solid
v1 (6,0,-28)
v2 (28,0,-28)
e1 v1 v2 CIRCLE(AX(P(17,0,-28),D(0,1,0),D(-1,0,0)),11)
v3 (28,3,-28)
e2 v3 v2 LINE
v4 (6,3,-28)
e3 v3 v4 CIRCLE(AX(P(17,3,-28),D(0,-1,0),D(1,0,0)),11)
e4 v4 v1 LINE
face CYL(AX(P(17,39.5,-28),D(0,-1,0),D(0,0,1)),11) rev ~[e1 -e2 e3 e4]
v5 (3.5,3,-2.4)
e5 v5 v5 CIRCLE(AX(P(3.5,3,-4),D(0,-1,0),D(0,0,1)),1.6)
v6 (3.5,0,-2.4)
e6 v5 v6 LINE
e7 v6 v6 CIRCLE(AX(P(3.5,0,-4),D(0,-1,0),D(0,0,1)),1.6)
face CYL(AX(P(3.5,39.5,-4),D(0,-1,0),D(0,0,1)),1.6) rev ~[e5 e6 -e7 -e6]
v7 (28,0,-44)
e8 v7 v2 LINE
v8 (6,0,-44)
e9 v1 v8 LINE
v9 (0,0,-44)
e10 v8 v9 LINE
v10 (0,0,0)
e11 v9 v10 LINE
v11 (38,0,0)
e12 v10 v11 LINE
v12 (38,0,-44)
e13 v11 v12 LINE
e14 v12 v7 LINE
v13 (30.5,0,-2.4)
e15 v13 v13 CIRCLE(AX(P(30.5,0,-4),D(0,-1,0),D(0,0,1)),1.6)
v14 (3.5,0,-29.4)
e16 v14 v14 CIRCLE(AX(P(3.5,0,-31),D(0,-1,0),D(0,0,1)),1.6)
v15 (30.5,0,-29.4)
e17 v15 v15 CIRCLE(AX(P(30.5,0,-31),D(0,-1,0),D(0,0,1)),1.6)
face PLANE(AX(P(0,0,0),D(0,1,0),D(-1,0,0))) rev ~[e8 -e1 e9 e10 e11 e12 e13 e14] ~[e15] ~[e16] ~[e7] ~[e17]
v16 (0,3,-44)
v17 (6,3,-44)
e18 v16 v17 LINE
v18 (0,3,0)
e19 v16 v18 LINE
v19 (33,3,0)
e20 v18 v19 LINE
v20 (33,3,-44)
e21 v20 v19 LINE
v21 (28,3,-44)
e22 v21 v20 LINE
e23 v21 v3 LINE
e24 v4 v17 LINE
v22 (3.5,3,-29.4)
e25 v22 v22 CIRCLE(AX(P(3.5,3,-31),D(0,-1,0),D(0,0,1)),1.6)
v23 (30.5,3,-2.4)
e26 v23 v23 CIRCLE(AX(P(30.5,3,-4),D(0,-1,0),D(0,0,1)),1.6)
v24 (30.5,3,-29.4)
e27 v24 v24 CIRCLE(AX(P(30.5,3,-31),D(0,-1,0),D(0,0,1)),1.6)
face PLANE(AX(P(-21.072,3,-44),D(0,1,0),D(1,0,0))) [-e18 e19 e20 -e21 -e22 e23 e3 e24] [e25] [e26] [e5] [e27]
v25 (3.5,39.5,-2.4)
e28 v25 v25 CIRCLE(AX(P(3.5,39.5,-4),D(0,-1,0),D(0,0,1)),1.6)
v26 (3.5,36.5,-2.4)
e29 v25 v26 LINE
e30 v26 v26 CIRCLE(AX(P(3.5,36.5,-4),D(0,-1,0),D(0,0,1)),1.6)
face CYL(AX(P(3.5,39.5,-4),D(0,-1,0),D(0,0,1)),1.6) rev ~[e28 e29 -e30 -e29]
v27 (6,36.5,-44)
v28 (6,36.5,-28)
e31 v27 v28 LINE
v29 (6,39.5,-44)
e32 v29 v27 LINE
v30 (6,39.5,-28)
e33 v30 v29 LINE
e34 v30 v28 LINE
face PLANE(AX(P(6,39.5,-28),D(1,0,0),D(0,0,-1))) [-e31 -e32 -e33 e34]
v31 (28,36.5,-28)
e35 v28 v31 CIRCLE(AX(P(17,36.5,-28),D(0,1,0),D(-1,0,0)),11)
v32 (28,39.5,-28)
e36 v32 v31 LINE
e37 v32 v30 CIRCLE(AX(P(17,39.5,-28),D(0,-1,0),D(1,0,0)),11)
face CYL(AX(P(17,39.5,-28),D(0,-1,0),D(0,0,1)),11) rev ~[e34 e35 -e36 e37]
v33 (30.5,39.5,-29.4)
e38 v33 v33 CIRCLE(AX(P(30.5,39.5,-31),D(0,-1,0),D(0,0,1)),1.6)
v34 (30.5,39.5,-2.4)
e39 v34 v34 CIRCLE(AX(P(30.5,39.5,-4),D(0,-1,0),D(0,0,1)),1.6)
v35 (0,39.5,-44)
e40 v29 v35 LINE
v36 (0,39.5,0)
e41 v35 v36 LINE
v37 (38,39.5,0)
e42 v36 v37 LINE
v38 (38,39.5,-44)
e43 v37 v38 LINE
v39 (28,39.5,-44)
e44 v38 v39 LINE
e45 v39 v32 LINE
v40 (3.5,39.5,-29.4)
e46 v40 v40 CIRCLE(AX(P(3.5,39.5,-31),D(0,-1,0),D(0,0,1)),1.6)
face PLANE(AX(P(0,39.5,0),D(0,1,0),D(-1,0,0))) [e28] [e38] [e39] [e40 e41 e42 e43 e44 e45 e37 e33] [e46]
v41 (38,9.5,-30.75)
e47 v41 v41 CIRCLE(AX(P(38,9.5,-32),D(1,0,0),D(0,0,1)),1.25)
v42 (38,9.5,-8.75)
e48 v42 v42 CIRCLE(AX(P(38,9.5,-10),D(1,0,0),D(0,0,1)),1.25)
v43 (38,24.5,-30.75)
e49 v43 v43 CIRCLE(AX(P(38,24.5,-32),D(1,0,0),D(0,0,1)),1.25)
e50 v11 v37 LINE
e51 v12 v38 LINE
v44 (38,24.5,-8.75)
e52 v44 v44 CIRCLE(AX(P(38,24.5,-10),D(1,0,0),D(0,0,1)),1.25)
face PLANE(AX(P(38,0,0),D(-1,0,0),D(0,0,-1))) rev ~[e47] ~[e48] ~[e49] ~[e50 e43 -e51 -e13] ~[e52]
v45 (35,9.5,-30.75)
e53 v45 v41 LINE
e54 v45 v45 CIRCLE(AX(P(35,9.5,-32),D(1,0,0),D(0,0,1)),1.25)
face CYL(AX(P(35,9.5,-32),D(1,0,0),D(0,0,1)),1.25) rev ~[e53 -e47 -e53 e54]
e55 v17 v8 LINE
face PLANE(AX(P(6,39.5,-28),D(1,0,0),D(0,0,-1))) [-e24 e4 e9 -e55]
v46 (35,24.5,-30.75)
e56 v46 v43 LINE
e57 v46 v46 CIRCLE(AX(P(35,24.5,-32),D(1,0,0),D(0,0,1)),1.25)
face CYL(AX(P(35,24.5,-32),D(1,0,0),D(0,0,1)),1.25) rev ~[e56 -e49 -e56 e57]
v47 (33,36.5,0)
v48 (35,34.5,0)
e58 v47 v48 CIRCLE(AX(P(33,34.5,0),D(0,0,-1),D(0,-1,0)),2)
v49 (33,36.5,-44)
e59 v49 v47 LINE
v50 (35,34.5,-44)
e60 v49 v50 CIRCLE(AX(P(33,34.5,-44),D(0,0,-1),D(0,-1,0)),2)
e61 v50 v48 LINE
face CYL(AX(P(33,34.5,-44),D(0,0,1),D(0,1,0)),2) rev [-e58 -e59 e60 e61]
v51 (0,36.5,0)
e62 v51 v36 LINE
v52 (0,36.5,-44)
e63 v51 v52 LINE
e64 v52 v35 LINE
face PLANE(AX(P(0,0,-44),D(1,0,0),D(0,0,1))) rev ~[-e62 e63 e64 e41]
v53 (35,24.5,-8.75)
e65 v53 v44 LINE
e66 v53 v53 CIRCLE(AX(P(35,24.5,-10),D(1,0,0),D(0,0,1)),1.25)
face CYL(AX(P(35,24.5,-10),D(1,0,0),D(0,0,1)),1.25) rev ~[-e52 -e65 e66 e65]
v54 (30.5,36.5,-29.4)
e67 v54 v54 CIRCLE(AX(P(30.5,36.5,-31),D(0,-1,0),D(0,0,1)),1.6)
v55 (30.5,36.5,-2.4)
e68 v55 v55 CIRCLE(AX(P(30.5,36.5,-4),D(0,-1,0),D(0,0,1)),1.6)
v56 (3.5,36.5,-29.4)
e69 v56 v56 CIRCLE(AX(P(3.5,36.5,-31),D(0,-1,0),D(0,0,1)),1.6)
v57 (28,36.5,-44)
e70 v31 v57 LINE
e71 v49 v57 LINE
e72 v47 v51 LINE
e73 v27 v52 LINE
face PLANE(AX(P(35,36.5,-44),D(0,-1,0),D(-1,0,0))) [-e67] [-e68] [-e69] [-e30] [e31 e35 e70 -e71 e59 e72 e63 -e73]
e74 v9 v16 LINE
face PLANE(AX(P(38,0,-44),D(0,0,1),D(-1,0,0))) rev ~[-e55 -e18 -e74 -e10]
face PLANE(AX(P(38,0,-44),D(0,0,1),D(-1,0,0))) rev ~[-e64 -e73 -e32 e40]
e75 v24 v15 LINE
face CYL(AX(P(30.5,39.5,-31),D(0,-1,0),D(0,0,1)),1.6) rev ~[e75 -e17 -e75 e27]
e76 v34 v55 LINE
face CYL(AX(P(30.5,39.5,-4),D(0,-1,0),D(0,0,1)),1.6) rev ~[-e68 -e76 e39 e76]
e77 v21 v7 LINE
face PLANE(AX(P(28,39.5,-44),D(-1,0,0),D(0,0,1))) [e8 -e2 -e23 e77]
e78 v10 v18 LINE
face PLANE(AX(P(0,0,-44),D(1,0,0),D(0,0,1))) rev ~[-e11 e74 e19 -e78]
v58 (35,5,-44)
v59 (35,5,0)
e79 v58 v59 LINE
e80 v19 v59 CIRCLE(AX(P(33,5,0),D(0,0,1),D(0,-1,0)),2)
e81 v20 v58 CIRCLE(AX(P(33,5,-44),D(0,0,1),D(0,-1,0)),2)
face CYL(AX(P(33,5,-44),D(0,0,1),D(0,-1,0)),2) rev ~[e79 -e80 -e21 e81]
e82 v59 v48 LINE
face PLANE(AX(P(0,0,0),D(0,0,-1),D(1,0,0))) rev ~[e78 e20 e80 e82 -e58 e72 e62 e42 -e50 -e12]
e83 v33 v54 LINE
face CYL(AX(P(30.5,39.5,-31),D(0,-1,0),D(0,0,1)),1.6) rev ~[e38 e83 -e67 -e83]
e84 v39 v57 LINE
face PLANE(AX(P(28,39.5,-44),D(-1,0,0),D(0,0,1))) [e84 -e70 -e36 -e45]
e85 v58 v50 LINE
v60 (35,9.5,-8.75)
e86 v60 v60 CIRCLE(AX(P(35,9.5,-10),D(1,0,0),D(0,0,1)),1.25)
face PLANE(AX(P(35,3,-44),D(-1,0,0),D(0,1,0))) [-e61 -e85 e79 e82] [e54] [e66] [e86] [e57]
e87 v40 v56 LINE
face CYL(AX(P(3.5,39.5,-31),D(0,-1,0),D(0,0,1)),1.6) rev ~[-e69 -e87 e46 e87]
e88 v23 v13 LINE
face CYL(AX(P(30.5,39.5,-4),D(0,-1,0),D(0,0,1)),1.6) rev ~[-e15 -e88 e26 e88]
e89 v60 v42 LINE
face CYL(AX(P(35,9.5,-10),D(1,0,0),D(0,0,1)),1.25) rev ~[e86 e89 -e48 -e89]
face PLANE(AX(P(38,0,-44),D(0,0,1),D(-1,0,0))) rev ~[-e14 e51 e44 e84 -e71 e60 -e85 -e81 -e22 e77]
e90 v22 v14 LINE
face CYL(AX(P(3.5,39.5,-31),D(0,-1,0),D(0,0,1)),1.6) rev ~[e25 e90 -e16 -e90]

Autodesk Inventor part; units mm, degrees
ref_plane "YZ Plane" through (0, 0, 0) normal (1, 0, 0) x (0, 1, 0)
ref_plane "XZ Plane" through (0, 0, 0) normal (0, 1, 0) x (-1, 0, 0)
ref_plane "XY Plane" through (0, 0, 0) normal (0, 0, 1) x (1, 0, 0)
sketch "スケッチ1" plane through (0, 0, 0) normal (0, 1, 0) x (-1, 0, 0)
  line L0 (0, 0) -> (-38, 0)
  line L1 (-38, 0) -> (-38, -44)
  line L2 (-38, -44) -> (0, -44)
  line L3 (0, -44) -> (0, 0)
  dimension "d0" = 44
  dimension "d1" = 38
extrude "押し出し1" add sketch "スケッチ1" along normal blind 39.5
sketch "スケッチ2" plane through (38, 0, -44) normal (0, 0, -1) x (-1, 0, 0)
  line L0 (3, 36.5) -> (59.072, 36.5)
  line L1 (59.072, 36.5) -> (59.072, 3)
  line L2 (59.072, 3) -> (3, 3)
  line L3 (3, 3) -> (3, 36.5)
  line L4 (0, 39.5) -> (38, 39.5) projected
  line L5 (0, 0) -> (38, 0) projected
  line L6 (0, 0) -> (0, 39.5) projected
  dimension "d4" = 33.5
  dimension "d6" = 3
  dimension "d7" = 3
extrude "押し出し2" cut sketch "スケッチ2" against normal blind 100
sketch "スケッチ3" plane through (0, 39.5, 0) normal (0, 1, 0) x (1, 0, 0)
  line L0 (38, 44) -> (0, 44) projected
  line L1 (38, 0) -> (38, 44) projected
  point P0 (0, 0)
  point P1 (17, 28)
  dimension "d10" = 16
  dimension "d11" = 21
hole "穴1" at (17, 39.5, -28) direction (0, -1, 0) diameter 22 end through all
sketch "スケッチ4" plane through (0, 39.5, 0) normal (0, 1, 0) x (1, 0, 0)
  line L0 (0, 0) -> (38, 0) projected
  line L1 (38, 0) -> (38, 44) projected
  point P0 (30.5, 4)
  point P1 (30.5, 31)
  point P2 (3.5, 4)
  point P3 (3.5, 31)
  point P4 (3.5, 4)
  dimension "d19" = 4
  dimension "d20" = 7.5
  dimension "d23" = 27
  dimension "d26" = 27
hole "穴2" at (30.5, 39.5, -4) at (30.5, 39.5, -31) at (3.5, 39.5, -31) at (3.5, 39.5, -4) direction (0, -1, 0) diameter 3.2 end through all
fillet "フィレット1" radius 2 2 edges at (35, 3, -22) (35, 36.5, -22)
sketch "スケッチ7" plane through (0, 39.5, 0) normal (0, 1, 0) x (1, 0, 0)
  line L0 (38, 44) -> (0, 44) projected
  line L1 (6, 44) -> (28, 44)
  line L2 (28, 44) -> (28, 28)
  line L3 (28, 28) -> (6, 28)
  line L4 (6, 28) -> (6, 44)
  circle A0 centre (17, 28) radius 11 projected
  point P0 (0, 0)
  point P1 (28, 28)
  point P2 (28, 44)
  dimension "d69" = 22
  dimension "d70" = 11
  dimension "d84" = 0
extrude "押し出し3" cut sketch "スケッチ7" against normal through all contours L2 A0 L4 L0
sketch "スケッチ8" plane through (35, 5, -44) normal (-1, 0, 0) x (0, 0, 1)
  line L0 (12, 4.5) -> (34, 4.5)
  line L1 (34, 4.5) -> (34, 19.5)
  line L2 (34, 19.5) -> (12, 19.5)
  line L3 (12, 19.5) -> (12, 4.5)
  line L4 (44, 34.5) -> (44, 0) projected
  line L5 (44, 34.5) -> (0, 34.5) projected
  point P0 (44, -5)
  point P1 (44, 29.5)
  dimension "d73" = 10
  dimension "d74" = 22
  dimension "d75" = 15
  dimension "d76" = 15
hole "穴5" at (35, 9.5, -10) at (35, 9.5, -32) at (35, 24.5, -32) at (35, 24.5, -10) direction (1, 0, 0) diameter 2.5 end through all
properties part number "サーボモータ固定用２軸目3mm改_printer"
